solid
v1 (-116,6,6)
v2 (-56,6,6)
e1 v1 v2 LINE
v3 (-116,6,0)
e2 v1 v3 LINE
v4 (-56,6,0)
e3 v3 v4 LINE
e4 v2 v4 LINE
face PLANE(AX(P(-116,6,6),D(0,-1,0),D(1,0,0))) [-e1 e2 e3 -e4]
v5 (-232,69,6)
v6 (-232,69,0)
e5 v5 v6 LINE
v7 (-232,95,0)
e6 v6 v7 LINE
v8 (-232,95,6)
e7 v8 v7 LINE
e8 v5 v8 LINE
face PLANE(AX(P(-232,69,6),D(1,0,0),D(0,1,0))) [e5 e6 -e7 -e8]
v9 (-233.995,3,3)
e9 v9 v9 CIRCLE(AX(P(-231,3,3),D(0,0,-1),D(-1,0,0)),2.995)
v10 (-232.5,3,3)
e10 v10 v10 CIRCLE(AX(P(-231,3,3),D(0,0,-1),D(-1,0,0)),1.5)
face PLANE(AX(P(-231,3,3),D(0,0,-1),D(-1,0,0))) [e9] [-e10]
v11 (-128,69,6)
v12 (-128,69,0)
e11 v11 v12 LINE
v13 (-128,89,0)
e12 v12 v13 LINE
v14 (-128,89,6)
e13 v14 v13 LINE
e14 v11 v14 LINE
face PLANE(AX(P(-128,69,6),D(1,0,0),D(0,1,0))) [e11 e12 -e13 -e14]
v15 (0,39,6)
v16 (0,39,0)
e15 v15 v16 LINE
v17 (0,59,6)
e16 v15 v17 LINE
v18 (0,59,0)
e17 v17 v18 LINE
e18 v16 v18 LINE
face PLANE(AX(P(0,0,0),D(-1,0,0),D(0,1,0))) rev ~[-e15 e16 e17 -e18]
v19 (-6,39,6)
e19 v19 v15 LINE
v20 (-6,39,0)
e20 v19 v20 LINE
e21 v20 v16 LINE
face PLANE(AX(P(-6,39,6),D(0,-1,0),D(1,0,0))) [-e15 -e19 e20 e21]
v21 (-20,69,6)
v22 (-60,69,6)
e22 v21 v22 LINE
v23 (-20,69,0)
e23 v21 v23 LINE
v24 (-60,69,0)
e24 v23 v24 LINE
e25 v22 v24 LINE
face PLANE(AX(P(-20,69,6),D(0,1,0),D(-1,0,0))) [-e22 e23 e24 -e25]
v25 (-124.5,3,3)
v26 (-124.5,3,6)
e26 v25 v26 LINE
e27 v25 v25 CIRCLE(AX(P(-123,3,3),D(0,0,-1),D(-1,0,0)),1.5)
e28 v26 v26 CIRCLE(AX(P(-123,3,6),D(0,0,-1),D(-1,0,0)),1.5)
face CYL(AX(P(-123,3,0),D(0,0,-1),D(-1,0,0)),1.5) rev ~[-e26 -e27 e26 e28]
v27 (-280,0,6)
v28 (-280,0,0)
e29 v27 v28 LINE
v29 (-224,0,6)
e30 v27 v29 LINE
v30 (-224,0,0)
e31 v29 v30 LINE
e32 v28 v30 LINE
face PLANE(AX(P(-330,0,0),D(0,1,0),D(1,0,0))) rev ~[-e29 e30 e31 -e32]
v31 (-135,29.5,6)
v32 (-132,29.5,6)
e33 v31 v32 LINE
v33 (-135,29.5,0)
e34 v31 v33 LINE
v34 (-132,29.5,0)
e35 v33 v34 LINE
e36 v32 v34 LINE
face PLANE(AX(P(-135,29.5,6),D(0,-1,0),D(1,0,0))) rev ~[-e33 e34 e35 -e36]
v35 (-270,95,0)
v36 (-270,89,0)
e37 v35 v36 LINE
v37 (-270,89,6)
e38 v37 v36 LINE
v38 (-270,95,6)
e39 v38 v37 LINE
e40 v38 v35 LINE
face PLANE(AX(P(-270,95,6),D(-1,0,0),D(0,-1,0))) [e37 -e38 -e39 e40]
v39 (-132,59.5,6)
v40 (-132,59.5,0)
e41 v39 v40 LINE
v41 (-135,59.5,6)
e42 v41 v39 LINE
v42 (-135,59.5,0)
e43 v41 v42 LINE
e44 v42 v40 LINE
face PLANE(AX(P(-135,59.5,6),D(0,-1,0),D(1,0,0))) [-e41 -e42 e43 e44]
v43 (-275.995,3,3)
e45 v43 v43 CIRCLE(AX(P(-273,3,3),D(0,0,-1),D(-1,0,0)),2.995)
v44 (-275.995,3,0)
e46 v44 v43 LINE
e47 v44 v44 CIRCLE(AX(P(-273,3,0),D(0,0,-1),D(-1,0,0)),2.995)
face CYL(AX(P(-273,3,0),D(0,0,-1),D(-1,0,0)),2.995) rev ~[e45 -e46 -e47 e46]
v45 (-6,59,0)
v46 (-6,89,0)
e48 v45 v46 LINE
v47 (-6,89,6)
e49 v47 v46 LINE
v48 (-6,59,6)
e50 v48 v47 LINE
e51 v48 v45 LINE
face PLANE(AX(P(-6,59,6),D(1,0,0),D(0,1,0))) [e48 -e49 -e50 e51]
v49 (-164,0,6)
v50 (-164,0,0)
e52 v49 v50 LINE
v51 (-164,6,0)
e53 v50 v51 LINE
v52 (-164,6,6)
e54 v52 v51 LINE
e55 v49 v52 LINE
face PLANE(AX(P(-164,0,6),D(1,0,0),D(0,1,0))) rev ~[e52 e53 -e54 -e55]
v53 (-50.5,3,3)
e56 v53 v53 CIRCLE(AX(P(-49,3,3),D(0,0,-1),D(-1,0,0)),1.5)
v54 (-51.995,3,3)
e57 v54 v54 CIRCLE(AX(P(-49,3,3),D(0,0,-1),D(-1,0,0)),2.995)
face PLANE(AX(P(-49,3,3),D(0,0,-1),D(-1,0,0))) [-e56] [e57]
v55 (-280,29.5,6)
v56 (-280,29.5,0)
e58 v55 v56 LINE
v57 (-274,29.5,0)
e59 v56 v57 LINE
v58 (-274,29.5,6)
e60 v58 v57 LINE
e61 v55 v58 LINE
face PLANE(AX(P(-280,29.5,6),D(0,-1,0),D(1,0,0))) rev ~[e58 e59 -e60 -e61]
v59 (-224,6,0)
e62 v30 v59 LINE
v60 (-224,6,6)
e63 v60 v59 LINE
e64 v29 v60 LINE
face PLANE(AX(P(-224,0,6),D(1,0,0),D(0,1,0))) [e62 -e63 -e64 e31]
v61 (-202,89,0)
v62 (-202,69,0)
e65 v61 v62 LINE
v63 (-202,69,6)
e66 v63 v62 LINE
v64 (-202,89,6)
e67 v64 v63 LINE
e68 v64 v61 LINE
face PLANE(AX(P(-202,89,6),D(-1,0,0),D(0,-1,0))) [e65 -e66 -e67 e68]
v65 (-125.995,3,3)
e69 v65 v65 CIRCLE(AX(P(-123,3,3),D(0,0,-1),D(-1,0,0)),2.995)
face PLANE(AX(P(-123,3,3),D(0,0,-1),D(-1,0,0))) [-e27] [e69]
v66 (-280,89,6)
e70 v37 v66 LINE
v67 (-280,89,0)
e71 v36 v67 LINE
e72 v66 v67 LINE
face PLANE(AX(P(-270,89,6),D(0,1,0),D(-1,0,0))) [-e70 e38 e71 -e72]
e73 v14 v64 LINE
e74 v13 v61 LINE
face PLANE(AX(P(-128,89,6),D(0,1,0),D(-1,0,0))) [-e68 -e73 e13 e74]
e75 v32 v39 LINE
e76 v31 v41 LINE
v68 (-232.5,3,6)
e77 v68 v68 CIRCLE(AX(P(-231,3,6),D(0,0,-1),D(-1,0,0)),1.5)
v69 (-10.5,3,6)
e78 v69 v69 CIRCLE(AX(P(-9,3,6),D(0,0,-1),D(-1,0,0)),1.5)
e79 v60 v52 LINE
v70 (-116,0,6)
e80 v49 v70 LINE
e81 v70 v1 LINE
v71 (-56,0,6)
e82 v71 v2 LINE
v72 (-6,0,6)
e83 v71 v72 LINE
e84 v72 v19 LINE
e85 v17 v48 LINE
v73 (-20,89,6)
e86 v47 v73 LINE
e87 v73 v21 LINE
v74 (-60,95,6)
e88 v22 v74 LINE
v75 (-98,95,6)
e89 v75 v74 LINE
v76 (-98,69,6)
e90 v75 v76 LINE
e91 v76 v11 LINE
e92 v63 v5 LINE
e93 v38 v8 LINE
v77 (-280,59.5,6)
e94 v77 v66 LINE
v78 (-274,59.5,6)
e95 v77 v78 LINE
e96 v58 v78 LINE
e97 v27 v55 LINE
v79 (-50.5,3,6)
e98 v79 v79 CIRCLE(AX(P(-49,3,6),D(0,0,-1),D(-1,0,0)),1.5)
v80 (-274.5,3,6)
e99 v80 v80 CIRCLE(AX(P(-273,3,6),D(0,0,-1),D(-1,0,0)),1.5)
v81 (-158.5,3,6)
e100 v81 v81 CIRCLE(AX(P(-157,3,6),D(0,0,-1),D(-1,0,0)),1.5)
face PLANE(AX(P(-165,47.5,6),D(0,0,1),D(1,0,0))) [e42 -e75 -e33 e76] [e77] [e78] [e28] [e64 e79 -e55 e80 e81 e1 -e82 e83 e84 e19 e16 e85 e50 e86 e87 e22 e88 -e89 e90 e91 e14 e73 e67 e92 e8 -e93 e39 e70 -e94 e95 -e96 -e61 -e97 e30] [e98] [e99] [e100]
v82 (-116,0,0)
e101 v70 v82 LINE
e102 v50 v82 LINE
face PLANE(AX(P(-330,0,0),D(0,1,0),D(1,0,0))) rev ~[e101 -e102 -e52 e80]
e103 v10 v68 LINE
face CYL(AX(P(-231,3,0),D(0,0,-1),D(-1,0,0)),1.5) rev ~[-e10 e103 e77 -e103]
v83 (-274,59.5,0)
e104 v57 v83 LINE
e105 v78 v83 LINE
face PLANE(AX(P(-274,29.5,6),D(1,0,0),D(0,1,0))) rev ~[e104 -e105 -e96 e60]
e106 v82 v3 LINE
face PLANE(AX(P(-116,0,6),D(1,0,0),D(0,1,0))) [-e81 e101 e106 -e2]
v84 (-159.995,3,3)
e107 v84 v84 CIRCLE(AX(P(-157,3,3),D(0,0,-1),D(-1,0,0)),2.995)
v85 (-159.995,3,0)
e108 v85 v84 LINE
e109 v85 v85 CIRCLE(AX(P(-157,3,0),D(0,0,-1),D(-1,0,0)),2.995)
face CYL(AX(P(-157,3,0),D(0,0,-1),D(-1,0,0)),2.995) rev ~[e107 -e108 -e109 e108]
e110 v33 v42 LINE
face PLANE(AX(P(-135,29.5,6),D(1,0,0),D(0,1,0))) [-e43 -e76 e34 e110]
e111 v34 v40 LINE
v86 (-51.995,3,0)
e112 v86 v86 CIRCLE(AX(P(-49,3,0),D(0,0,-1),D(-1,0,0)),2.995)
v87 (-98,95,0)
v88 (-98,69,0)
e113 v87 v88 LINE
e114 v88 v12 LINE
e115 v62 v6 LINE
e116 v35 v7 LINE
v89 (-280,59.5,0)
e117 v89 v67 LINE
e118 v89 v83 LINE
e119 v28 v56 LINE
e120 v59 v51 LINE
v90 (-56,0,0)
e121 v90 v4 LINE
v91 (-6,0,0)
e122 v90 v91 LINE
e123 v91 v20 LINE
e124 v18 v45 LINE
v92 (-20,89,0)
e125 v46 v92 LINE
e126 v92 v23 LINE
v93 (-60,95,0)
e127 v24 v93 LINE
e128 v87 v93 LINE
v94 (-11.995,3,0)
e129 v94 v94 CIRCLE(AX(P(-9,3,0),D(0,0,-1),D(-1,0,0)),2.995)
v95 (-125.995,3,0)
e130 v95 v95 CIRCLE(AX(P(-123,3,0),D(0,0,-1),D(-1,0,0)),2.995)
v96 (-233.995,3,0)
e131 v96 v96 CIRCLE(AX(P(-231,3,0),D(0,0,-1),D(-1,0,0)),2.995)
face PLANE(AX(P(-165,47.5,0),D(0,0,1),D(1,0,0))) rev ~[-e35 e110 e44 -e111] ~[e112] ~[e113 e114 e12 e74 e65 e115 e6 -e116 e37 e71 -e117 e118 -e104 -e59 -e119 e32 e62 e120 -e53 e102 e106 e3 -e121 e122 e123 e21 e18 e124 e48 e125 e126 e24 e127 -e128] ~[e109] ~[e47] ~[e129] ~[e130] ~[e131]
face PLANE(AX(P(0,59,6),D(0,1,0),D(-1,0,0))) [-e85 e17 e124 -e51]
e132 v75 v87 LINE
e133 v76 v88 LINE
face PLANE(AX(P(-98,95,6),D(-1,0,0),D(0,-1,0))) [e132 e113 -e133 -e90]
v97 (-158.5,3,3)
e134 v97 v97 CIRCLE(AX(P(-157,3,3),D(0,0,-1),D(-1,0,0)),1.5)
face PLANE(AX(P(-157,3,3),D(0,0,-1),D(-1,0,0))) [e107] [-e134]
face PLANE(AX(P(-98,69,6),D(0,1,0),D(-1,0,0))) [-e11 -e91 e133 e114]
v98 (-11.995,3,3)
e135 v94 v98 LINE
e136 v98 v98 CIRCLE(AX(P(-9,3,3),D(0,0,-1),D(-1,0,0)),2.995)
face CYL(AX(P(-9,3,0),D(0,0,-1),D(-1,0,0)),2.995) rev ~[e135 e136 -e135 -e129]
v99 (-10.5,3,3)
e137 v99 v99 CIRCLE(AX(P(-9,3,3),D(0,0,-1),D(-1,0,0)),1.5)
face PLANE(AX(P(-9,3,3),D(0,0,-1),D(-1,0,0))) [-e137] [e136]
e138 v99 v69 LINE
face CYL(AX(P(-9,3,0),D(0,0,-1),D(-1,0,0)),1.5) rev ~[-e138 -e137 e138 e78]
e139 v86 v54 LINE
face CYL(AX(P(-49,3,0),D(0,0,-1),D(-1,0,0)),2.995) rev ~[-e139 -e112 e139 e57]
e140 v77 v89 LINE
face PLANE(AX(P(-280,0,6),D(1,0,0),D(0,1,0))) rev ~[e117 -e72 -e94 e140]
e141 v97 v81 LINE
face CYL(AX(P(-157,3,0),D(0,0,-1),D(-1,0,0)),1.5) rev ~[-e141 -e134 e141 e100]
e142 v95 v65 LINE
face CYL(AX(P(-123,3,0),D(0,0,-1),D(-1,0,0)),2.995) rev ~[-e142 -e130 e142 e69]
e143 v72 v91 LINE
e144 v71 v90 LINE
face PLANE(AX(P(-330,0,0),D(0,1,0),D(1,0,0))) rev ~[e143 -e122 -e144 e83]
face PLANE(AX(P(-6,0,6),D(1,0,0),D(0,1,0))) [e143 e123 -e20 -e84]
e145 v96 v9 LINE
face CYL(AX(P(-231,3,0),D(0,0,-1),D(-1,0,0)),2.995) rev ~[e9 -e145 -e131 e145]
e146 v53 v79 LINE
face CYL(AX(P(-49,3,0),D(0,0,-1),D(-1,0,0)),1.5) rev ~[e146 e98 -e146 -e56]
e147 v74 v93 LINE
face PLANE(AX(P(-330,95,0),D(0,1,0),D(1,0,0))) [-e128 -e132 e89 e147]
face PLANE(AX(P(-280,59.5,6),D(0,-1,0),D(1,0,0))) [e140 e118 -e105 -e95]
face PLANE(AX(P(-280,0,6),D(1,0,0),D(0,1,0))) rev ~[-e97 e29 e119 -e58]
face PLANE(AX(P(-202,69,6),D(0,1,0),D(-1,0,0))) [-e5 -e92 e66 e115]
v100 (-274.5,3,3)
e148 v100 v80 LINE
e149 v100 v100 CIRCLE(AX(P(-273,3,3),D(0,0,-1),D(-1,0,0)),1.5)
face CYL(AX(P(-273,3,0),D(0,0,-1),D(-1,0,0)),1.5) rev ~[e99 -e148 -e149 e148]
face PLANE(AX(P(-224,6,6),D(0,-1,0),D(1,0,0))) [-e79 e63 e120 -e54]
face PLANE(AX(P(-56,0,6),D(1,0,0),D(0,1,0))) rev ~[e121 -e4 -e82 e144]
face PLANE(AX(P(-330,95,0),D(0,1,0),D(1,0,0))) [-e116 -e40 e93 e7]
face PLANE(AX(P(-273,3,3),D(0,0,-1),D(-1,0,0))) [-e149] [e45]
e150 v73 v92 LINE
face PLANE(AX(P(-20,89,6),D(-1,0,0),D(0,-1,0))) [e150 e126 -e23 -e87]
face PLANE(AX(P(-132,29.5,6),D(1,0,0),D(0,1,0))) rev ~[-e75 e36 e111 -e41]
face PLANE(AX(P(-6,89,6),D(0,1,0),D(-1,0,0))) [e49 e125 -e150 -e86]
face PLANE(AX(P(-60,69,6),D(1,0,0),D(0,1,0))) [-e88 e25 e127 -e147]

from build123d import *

# Parameters (mm, degrees)
ESQUISSE2_W             = 330
ESQUISSE2_H             = 95
BOSS_EXTRU_1_DEPTH      = 6
ESQUISSE3_W             = 6
ESQUISSE3_H             = 39
ESQUISSE3_W_2           = 60
ESQUISSE3_H_2           = 6
ESQUISSE3_H_3           = 30
ESQUISSE3_W_3           = 3
ENL_V_MAT_EXTRU_1_DEPTH = 344.45450936
ESQUISSE4_W             = 56.799161249
ESQUISSE4_H             = 89
ENL_V_MAT_EXTRU_2_DEPTH = 344.45450936
ESQUISSE5_R             = 1.5
ENL_V_MAT_EXTRU_3_DEPTH = 296.738059776
ESQUISSE6_R             = 2.995
ENL_V_MAT_EXTRU_5_DEPTH = 3


with BuildPart() as part:
    # Esquisse2 → Boss.-Extru.1 (new body)
    with BuildSketch(Plane.XY):
        with Locations((-165, 47.5)):
            Rectangle(ESQUISSE2_W, ESQUISSE2_H)
    extrude(amount=BOSS_EXTRU_1_DEPTH)

    # Esquisse3 → Enlèv. mat.-Extru.1 (cut, through all)
    with BuildSketch(Plane.XY.offset(6)):
        Polygon((-60, 95), (0, 95), (0, 59), (-6, 59), (-6, 89), (-20, 89), (-20, 69), (-60, 69), align=None)
        with Locations((-3, 19.5)):
            Rectangle(ESQUISSE3_W, ESQUISSE3_H)
        Polygon((-330, 95), (-270, 95), (-270, 89), (-324, 89), (-324, 59), (-330, 59), align=None)
        with Locations((-86, 3)):
            Rectangle(ESQUISSE3_W_2, ESQUISSE3_H_2)
        with Locations((-194, 3)):
            Rectangle(ESQUISSE3_W_2, ESQUISSE3_H_2)
        with Locations((-277, 44.5)):
            Rectangle(ESQUISSE3_W, ESQUISSE3_H_3)
        with Locations((-327, 19.5)):
            Rectangle(ESQUISSE3_W, ESQUISSE3_H)
        Polygon((-98, 95), (-98, 69), (-128, 69), (-128, 89), (-202, 89), (-202, 69), (-232, 69), (-232, 95), align=None)
        with Locations((-133.5, 44.5)):
            Rectangle(ESQUISSE3_W_3, ESQUISSE3_H_3)
    extrude(amount=-ENL_V_MAT_EXTRU_1_DEPTH, mode=Mode.SUBTRACT)

    # Esquisse4 → Enlèv. mat.-Extru.2 (cut, through all)
    with BuildSketch(Plane.XY.offset(6)):
        with Locations((-308.399580625, 44.5)):
            Rectangle(ESQUISSE4_W, ESQUISSE4_H)
    extrude(amount=-ENL_V_MAT_EXTRU_2_DEPTH, mode=Mode.SUBTRACT)

    # Esquisse5 → Enlèv. mat.-Extru.3 (cut, through all)
    with BuildSketch(Plane(origin=(0, 0, 0), x_dir=(-1, 0, 0), z_dir=(0, 0, -1))):
        with Locations((9, 3)):
            Circle(ESQUISSE5_R)
        with Locations((49, 3)):
            Circle(ESQUISSE5_R)
        with Locations((123, 3)):
            Circle(ESQUISSE5_R)
        with Locations((157, 3)):
            Circle(ESQUISSE5_R)
        with Locations((231, 3)):
            Circle(ESQUISSE5_R)
        with Locations((273, 3)):
            Circle(ESQUISSE5_R)
    extrude(amount=-ENL_V_MAT_EXTRU_3_DEPTH, mode=Mode.SUBTRACT)

    # Esquisse6 → Enlèv. mat.-Extru.5 (cut)
    with BuildSketch(Plane(origin=(0, 0, 0), x_dir=(-1, 0, 0), z_dir=(0, 0, -1))):
        with Locations((9, 3)):
            Circle(ESQUISSE6_R)
        with Locations((49, 3)):
            Circle(ESQUISSE6_R)
        with Locations((123, 3)):
            Circle(ESQUISSE6_R)
        with Locations((157, 3)):
            Circle(ESQUISSE6_R)
        with Locations((273, 3)):
            Circle(ESQUISSE6_R)
        with Locations((231, 3)):
            Circle(ESQUISSE6_R)
    extrude(amount=-ENL_V_MAT_EXTRU_5_DEPTH, mode=Mode.SUBTRACT)


solid = part.part
